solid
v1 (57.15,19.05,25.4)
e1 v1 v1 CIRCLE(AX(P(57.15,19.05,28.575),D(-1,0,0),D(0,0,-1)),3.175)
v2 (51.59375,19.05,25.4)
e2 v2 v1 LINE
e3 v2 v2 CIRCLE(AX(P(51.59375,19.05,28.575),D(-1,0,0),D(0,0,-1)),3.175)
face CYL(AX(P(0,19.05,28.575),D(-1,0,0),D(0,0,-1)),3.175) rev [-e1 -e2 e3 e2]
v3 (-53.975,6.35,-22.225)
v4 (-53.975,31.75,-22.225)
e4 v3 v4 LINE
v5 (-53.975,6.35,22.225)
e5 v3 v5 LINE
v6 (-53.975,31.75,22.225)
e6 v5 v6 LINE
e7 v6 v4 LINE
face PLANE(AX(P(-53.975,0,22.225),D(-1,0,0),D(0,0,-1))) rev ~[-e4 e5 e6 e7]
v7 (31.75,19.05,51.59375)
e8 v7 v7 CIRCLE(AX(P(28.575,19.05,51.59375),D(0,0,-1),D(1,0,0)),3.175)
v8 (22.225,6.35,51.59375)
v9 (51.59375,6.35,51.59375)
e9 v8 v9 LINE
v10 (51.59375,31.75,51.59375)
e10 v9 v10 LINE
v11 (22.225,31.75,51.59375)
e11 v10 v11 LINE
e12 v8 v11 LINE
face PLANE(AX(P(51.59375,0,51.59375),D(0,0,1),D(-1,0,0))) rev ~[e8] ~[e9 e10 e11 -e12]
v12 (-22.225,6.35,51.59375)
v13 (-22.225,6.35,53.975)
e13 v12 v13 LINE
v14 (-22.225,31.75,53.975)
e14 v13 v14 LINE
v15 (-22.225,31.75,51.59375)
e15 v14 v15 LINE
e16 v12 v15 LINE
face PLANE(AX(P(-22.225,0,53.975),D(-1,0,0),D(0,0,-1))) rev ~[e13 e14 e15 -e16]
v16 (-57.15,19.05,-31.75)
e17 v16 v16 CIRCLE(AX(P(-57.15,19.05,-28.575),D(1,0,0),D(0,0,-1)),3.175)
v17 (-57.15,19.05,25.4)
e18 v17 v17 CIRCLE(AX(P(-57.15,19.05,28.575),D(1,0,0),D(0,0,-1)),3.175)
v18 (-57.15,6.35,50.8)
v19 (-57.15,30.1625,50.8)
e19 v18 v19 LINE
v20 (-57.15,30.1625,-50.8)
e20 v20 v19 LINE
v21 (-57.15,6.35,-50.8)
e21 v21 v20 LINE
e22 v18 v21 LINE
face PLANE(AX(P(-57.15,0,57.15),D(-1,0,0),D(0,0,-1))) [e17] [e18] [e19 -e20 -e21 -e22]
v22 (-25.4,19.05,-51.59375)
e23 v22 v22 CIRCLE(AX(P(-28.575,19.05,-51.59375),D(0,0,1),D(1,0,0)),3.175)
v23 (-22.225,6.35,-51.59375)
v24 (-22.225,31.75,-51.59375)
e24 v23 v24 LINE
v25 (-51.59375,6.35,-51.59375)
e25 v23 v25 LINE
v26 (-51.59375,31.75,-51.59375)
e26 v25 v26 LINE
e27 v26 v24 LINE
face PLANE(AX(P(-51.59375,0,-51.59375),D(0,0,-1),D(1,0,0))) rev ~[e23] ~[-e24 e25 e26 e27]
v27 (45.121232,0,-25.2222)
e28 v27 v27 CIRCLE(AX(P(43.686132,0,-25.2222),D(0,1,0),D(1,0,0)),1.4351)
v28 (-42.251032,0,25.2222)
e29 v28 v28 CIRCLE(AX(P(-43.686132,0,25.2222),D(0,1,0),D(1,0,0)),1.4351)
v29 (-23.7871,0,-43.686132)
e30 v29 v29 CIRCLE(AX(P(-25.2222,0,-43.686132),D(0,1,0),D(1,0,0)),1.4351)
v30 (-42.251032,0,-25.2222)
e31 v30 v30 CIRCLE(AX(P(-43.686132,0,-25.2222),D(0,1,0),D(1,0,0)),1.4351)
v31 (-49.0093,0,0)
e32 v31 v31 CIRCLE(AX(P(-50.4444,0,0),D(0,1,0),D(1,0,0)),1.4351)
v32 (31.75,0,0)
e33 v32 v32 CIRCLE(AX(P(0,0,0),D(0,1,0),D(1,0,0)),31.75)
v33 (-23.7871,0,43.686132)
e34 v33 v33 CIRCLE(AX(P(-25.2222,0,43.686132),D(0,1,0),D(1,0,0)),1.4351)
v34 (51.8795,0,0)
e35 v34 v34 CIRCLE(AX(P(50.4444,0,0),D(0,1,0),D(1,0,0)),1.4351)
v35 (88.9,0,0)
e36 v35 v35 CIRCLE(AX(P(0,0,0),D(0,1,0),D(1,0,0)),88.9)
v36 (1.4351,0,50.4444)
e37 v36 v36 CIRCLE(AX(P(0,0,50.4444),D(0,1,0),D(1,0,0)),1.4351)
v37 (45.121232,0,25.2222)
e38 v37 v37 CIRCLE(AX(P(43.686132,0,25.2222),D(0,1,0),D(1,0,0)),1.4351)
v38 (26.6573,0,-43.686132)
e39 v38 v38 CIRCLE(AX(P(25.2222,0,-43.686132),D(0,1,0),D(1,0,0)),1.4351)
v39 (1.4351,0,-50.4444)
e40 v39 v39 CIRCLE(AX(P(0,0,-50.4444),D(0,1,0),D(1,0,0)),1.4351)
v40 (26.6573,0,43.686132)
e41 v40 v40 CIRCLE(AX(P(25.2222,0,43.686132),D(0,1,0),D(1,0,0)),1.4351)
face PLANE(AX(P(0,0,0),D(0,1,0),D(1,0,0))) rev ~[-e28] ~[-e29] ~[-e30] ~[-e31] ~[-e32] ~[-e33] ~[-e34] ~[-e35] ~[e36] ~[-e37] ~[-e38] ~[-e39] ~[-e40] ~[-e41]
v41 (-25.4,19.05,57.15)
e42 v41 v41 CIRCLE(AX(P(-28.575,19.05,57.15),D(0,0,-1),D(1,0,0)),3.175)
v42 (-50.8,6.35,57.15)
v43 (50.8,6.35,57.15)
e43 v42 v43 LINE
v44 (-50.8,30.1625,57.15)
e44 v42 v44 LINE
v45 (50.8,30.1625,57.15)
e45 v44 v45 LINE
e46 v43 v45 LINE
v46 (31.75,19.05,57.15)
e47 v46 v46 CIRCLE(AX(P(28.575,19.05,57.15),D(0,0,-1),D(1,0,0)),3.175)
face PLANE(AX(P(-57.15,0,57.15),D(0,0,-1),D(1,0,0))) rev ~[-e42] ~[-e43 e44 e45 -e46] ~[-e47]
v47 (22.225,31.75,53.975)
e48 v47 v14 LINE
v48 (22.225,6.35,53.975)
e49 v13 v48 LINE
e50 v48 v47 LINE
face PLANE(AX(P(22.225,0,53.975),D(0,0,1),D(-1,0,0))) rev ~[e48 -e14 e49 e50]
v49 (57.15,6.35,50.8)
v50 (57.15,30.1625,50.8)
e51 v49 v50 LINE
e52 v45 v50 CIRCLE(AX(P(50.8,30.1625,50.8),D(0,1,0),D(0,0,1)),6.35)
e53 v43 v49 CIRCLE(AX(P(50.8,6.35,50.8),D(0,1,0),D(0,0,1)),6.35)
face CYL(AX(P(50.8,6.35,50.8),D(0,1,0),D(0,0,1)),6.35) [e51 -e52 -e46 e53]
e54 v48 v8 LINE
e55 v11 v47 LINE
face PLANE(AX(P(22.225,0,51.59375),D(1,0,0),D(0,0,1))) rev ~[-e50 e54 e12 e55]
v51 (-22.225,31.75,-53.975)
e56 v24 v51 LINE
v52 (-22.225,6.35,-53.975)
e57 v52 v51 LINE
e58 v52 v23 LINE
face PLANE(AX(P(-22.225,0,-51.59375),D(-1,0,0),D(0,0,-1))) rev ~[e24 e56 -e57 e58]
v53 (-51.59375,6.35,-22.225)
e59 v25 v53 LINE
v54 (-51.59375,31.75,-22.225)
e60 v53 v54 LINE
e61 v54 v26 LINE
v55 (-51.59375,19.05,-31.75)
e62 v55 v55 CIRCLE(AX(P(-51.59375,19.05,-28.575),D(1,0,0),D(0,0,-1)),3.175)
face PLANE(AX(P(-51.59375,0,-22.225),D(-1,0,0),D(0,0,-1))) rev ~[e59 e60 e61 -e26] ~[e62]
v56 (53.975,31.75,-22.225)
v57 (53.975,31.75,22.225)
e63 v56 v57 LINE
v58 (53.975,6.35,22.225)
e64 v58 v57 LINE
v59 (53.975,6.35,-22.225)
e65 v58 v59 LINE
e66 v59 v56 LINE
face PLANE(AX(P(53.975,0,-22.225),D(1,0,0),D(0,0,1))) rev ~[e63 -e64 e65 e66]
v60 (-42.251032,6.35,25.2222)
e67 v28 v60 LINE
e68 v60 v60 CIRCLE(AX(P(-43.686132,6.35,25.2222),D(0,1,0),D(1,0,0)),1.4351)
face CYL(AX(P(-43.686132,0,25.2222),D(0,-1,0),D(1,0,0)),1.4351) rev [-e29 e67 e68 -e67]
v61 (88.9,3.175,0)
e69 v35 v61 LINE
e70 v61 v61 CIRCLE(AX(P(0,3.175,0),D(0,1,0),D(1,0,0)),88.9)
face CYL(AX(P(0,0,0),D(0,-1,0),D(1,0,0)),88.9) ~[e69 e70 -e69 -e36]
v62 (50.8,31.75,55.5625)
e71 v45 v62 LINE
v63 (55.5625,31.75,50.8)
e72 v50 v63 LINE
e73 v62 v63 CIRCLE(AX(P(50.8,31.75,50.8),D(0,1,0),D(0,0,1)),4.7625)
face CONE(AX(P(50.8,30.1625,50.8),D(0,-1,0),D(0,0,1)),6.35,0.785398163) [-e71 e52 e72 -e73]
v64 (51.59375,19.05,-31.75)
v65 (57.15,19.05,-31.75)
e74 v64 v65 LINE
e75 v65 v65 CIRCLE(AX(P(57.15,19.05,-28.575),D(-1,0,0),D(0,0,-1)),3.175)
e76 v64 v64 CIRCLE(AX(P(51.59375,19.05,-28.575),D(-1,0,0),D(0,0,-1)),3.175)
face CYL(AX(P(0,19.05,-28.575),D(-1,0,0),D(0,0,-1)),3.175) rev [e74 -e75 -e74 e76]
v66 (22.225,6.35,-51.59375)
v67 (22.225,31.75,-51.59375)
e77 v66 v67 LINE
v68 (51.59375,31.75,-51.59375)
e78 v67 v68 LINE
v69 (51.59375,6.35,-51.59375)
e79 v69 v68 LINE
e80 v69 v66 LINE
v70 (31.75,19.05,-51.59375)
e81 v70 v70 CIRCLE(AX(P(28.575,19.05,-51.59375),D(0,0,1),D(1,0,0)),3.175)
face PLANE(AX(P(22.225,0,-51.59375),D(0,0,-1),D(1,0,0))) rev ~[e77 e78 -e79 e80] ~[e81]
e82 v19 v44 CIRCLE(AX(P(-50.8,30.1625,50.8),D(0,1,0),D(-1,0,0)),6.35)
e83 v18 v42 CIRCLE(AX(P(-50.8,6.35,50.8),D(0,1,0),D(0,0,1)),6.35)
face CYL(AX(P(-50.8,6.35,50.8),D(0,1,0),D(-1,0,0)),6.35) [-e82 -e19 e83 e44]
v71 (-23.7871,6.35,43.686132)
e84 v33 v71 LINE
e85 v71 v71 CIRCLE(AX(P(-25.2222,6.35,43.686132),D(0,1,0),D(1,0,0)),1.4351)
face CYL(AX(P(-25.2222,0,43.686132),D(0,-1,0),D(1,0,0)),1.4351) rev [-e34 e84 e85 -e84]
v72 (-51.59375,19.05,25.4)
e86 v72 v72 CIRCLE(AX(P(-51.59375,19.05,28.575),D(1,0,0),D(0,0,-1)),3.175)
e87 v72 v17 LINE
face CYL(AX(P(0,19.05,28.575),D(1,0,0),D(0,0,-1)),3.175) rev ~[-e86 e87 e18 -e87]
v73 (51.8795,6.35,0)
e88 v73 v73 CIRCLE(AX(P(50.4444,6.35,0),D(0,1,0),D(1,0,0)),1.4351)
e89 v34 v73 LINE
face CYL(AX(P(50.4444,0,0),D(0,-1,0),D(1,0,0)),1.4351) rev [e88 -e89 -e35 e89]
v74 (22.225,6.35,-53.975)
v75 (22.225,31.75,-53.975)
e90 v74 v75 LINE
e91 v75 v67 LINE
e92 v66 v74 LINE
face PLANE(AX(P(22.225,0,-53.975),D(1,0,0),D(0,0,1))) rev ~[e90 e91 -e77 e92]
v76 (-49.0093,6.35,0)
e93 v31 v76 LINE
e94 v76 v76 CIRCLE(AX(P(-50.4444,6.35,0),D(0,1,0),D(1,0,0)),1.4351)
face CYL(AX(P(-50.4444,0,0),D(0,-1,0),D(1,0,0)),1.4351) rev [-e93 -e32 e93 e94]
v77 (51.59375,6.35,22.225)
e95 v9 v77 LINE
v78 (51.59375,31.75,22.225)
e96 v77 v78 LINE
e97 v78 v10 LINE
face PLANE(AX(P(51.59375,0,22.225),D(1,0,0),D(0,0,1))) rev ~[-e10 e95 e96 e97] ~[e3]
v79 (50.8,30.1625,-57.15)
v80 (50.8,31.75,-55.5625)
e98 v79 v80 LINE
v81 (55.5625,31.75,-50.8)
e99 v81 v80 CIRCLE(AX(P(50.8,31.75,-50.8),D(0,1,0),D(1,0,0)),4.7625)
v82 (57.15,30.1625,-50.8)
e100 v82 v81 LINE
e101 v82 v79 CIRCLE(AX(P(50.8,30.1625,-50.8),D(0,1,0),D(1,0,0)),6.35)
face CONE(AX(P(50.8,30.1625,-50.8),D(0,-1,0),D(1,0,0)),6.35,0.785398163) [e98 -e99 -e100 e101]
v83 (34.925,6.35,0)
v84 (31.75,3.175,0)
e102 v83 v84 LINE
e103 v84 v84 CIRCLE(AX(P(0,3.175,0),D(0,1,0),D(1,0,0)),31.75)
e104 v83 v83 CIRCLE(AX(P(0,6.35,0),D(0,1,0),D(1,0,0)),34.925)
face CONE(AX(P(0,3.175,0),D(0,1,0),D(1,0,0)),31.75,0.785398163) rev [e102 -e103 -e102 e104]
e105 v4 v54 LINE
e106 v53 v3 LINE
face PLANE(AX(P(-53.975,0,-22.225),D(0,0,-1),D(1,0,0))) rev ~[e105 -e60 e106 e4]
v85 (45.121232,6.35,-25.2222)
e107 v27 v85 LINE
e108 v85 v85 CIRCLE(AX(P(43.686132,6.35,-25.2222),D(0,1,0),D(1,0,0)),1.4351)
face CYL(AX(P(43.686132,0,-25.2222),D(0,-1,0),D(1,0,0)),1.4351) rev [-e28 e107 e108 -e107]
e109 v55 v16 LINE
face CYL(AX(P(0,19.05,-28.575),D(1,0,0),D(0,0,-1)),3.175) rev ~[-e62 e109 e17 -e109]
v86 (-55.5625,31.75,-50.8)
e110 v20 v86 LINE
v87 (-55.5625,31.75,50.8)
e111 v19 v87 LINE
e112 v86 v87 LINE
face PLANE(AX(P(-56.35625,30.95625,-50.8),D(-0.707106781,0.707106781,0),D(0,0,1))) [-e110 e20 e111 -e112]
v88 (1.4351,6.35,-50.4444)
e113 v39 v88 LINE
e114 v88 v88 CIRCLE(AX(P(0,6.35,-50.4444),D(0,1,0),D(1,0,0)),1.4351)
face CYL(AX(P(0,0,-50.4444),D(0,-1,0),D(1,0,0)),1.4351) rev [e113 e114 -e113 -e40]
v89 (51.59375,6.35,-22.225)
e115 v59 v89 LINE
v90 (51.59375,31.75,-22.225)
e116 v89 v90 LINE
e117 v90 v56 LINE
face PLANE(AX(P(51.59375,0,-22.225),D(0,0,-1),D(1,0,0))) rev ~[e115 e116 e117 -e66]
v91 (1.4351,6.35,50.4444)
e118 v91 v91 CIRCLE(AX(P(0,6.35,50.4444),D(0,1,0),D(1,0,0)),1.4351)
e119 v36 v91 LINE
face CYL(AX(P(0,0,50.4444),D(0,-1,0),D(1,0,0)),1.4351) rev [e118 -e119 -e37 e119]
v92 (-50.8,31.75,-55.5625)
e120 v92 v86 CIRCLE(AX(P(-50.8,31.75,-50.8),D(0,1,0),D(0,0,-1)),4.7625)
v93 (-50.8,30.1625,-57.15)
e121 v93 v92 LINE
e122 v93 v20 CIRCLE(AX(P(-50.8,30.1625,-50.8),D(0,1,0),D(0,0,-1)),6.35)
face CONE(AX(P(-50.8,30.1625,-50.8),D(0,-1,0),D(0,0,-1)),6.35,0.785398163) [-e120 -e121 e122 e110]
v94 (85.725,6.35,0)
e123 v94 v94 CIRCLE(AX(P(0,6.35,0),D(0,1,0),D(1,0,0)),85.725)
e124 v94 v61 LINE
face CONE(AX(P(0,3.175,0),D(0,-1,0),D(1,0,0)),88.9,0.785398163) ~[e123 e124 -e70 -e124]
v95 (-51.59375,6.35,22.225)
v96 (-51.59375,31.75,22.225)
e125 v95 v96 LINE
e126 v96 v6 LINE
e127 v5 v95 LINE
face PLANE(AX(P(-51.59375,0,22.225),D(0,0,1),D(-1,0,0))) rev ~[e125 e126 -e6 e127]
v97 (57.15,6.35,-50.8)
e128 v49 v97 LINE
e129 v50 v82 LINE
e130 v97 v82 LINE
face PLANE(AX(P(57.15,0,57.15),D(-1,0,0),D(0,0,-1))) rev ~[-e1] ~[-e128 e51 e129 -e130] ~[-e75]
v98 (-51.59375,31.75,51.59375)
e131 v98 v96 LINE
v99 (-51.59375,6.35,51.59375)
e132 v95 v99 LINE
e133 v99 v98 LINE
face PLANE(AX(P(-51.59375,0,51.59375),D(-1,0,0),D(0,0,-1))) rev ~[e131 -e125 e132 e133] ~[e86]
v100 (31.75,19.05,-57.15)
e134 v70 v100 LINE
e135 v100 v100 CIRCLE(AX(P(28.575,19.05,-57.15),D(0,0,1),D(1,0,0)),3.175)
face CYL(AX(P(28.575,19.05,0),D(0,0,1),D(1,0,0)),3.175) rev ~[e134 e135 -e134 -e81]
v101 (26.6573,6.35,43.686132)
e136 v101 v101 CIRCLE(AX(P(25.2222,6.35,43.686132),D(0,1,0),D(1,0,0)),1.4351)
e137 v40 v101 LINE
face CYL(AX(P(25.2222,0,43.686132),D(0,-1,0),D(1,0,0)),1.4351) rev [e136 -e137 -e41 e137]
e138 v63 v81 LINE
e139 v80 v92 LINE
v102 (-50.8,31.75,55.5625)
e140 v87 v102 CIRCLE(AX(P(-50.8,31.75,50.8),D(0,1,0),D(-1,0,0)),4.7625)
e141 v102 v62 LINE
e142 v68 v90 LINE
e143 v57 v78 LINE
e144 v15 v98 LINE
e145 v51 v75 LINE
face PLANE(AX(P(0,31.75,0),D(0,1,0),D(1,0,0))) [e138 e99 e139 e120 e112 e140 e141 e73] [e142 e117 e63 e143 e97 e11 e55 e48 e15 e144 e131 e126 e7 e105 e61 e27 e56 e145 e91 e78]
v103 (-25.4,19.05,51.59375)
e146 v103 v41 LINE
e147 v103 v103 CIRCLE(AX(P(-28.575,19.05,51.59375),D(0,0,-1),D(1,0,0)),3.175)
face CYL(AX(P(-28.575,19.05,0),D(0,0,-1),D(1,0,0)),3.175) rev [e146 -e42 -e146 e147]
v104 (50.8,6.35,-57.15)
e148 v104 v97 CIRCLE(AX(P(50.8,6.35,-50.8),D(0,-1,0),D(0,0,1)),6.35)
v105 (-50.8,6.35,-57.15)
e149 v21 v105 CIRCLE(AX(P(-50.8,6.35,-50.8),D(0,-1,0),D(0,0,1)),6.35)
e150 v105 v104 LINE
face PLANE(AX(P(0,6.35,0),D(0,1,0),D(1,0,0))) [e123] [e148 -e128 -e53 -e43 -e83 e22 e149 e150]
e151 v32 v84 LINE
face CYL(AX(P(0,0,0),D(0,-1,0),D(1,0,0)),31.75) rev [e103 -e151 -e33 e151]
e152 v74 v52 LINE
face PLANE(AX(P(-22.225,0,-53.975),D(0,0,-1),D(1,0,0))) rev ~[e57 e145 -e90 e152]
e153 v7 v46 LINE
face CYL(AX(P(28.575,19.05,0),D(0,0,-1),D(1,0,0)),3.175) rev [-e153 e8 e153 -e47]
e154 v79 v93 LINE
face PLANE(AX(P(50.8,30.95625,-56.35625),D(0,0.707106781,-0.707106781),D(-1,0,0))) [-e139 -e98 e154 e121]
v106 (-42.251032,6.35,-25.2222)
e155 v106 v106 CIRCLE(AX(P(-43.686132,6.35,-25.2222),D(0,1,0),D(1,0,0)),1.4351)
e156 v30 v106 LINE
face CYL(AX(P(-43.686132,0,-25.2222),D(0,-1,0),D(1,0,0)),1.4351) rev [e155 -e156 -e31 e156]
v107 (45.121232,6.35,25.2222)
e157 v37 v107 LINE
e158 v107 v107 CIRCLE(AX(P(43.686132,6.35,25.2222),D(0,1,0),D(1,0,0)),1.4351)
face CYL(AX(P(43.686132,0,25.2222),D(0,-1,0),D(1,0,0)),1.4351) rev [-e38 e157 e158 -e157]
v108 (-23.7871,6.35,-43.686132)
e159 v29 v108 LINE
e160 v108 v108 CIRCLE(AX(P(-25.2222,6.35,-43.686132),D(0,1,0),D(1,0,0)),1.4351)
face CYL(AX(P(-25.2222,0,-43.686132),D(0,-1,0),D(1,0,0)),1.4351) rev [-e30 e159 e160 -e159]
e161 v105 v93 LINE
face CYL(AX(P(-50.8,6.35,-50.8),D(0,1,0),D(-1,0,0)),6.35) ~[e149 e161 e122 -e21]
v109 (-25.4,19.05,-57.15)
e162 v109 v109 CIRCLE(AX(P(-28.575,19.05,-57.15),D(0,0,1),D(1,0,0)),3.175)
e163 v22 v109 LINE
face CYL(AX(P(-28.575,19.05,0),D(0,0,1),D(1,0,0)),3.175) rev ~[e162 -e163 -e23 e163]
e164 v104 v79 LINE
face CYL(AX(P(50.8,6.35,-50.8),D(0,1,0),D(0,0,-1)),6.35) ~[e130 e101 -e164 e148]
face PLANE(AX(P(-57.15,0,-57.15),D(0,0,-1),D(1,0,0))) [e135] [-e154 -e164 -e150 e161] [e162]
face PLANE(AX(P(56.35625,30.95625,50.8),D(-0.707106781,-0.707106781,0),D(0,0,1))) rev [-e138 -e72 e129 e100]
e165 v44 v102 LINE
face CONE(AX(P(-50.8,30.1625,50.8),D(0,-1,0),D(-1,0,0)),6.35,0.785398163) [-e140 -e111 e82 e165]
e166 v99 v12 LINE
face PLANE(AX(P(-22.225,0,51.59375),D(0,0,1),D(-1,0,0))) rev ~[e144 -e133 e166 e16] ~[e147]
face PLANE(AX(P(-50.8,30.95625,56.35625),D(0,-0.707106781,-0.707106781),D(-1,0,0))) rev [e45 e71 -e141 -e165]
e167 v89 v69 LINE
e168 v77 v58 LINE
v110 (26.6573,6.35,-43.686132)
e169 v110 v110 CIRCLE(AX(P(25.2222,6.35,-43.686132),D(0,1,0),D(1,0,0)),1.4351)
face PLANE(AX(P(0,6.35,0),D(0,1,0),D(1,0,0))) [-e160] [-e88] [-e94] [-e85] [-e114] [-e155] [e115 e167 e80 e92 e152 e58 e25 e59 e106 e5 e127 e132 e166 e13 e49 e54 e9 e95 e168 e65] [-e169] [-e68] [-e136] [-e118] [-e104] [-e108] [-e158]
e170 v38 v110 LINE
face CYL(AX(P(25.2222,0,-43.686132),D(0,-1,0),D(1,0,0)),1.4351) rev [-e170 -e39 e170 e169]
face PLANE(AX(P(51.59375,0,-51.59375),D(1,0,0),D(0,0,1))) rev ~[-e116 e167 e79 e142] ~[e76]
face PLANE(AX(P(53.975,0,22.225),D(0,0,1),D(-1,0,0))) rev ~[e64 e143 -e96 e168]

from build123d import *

# Parameters (mm, degrees)
SKETCH1_R               = 88.9
SKETCH1_W               = 114.3
SKETCH1_H               = 114.3
BOSS_EXTRUDE1_DEPTH     = 6.35
SKETCH1_R_2             = 1.4351
SKETCH1_R_3             = 31.75
BOSS_EXTRUDE1_2_DEPTH   = 6.35
SKETCH1_3_W             = 114.3
SKETCH1_3_H             = 114.3
BOSS_EXTRUDE2_DEPTH     = 31.75
SKETCH3_R               = 3.175
CUT_EXTRUDE1_DEPTH      = 89.9
CUT_EXTRUDE1_DEPTH_BACK = 89.9
SKETCH4_R               = 3.175
CUT_EXTRUDE2_DEPTH      = 89.9
CUT_EXTRUDE2_DEPTH_BACK = 89.9
FILLET1_R               = 6.35
CHAMFER1_SIZE           = 3.175
CHAMFER2_SIZE           = 1.5875


with BuildPart() as part:
    # Sketch1 → Boss-Extrude1 (new body)
    with BuildSketch(Plane(origin=(0, 0, 0), x_dir=(1, 0, 0), z_dir=(0, 1, 0))):
        Circle(SKETCH1_R)
        Rectangle(SKETCH1_W, SKETCH1_H, mode=Mode.SUBTRACT)
    extrude(amount=BOSS_EXTRUDE1_DEPTH)



with BuildPart() as body_2:
    # Sketch1 → Boss-Extrude1 2 (new body)
    with BuildSketch(Plane(origin=(0, 0, 0), x_dir=(1, 0, 0), z_dir=(0, 1, 0))):
        Polygon((-22.225, -53.975), (22.225, -53.975), (22.225, -51.59375), (51.59375, -51.59375), (51.59375, -22.225), (53.975, -22.225), (53.975, 22.225), (51.59375, 22.225), (51.59375, 51.59375), (22.225, 51.59375), (22.225, 53.975), (-22.225, 53.975), (-22.225, 51.59375), (-51.59375, 51.59375), (-51.59375, 22.225), (-53.975, 22.225), (-53.975, -22.225), (-51.59375, -22.225), (-51.59375, -51.59375), (-22.225, -51.59375), align=None)
        with Locations((0, 50.4444)):
            Circle(SKETCH1_R_2, mode=Mode.SUBTRACT)
        Circle(SKETCH1_R_3, mode=Mode.SUBTRACT)
        with Locations((25.2222, 43.686131879)):
            Circle(SKETCH1_R_2, mode=Mode.SUBTRACT)
        with Locations((43.686131879, 25.2222)):
            Circle(SKETCH1_R_2, mode=Mode.SUBTRACT)
        with Locations((50.4444, 0)):
            Circle(SKETCH1_R_2, mode=Mode.SUBTRACT)
        with Locations((43.686131879, -25.2222)):
            Circle(SKETCH1_R_2, mode=Mode.SUBTRACT)
        with Locations((25.2222, -43.686131879)):
            Circle(SKETCH1_R_2, mode=Mode.SUBTRACT)
        with Locations((0, -50.4444)):
            Circle(SKETCH1_R_2, mode=Mode.SUBTRACT)
        with Locations((-25.2222, -43.686131879)):
            Circle(SKETCH1_R_2, mode=Mode.SUBTRACT)
        with Locations((-43.686131879, -25.2222)):
            Circle(SKETCH1_R_2, mode=Mode.SUBTRACT)
        with Locations((-50.4444, 0)):
            Circle(SKETCH1_R_2, mode=Mode.SUBTRACT)
        with Locations((-43.686131879, 25.2222)):
            Circle(SKETCH1_R_2, mode=Mode.SUBTRACT)
        with Locations((-25.2222, 43.686131879)):
            Circle(SKETCH1_R_2, mode=Mode.SUBTRACT)
    extrude(amount=BOSS_EXTRUDE1_2_DEPTH)


with BuildPart() as part_1:
    add(part.part)

    add(body_2.part)  # Boss-Extrude2 merges body 2
    # Sketch1<3> → Boss-Extrude2 (add)
    with BuildSketch(Plane(origin=(0, 0, 0), x_dir=(1, 0, 0), z_dir=(0, 1, 0))):
        Rectangle(SKETCH1_3_W, SKETCH1_3_H)
        Polygon((22.225, 53.975), (22.225, 51.59375), (51.59375, 51.59375), (51.59375, 22.225), (53.975, 22.225), (53.975, -22.225), (51.59375, -22.225), (51.59375, -51.59375), (22.225, -51.59375), (22.225, -53.975), (-22.225, -53.975), (-22.225, -51.59375), (-51.59375, -51.59375), (-51.59375, -22.225), (-53.975, -22.225), (-53.975, 22.225), (-51.59375, 22.225), (-51.59375, 51.59375), (-22.225, 51.59375), (-22.225, 53.975), align=None, mode=Mode.SUBTRACT)
    extrude(amount=BOSS_EXTRUDE2_DEPTH)

    # Sketch3 → Cut-Extrude1 (cut, two sides)
    with BuildSketch(Plane.XY) as cut_extrude1_sk:
        with Locations((-28.575, 19.05)):
            Circle(SKETCH3_R)
        with Locations((28.575, 19.05)):
            Circle(SKETCH3_R)
    extrude(amount=CUT_EXTRUDE1_DEPTH, mode=Mode.SUBTRACT)
    extrude(cut_extrude1_sk.sketch, amount=-CUT_EXTRUDE1_DEPTH_BACK, mode=Mode.SUBTRACT)

    # Sketch4 → Cut-Extrude2 (cut, two sides)
    with BuildSketch(Plane(origin=(0, 0, 0), x_dir=(0, 0, -1), z_dir=(1, 0, 0))) as cut_extrude2_sk:
        with Locations((-28.575, 19.05)):
            Circle(SKETCH4_R)
        with Locations((28.575, 19.05)):
            Circle(SKETCH4_R)
    extrude(amount=CUT_EXTRUDE2_DEPTH, mode=Mode.SUBTRACT)
    extrude(cut_extrude2_sk.sketch, amount=-CUT_EXTRUDE2_DEPTH_BACK, mode=Mode.SUBTRACT)

    # Fillet1
    fillet1_edges = [part_1.edges().sort_by_distance(p)[0] for p in [
        (-57.15, 19.05, -57.15),
        (-57.15, 19.05, 57.15),
        (57.15, 19.05, 57.15),
        (57.15, 19.05, -57.15),
    ]]
    fillet(fillet1_edges, radius=FILLET1_R)

    # Chamfer1
    chamfer1_edges = [part_1.edges().sort_by_distance(p)[0] for p in [
        (-88.9, 6.35, 0),
        (-31.75, 6.35, 0),
    ]]
    chamfer(chamfer1_edges, length=CHAMFER1_SIZE)

    # Chamfer2
    chamfer2_edges = [part_1.edges().sort_by_distance(p)[0] for p in [
        (0, 31.75, 57.15),
        (-57.15, 31.75, 0),
        (57.15, 31.75, 0),
        (0, 31.75, -57.15),
        (55.290128061, 31.75, 55.290128061),
        (55.290128061, 31.75, -55.290128061),
        (-55.290128061, 31.75, -55.290128061),
        (-55.290128061, 31.75, 55.290128061),
    ]]
    chamfer(chamfer2_edges, length=CHAMFER2_SIZE)


solid = part_1.part
